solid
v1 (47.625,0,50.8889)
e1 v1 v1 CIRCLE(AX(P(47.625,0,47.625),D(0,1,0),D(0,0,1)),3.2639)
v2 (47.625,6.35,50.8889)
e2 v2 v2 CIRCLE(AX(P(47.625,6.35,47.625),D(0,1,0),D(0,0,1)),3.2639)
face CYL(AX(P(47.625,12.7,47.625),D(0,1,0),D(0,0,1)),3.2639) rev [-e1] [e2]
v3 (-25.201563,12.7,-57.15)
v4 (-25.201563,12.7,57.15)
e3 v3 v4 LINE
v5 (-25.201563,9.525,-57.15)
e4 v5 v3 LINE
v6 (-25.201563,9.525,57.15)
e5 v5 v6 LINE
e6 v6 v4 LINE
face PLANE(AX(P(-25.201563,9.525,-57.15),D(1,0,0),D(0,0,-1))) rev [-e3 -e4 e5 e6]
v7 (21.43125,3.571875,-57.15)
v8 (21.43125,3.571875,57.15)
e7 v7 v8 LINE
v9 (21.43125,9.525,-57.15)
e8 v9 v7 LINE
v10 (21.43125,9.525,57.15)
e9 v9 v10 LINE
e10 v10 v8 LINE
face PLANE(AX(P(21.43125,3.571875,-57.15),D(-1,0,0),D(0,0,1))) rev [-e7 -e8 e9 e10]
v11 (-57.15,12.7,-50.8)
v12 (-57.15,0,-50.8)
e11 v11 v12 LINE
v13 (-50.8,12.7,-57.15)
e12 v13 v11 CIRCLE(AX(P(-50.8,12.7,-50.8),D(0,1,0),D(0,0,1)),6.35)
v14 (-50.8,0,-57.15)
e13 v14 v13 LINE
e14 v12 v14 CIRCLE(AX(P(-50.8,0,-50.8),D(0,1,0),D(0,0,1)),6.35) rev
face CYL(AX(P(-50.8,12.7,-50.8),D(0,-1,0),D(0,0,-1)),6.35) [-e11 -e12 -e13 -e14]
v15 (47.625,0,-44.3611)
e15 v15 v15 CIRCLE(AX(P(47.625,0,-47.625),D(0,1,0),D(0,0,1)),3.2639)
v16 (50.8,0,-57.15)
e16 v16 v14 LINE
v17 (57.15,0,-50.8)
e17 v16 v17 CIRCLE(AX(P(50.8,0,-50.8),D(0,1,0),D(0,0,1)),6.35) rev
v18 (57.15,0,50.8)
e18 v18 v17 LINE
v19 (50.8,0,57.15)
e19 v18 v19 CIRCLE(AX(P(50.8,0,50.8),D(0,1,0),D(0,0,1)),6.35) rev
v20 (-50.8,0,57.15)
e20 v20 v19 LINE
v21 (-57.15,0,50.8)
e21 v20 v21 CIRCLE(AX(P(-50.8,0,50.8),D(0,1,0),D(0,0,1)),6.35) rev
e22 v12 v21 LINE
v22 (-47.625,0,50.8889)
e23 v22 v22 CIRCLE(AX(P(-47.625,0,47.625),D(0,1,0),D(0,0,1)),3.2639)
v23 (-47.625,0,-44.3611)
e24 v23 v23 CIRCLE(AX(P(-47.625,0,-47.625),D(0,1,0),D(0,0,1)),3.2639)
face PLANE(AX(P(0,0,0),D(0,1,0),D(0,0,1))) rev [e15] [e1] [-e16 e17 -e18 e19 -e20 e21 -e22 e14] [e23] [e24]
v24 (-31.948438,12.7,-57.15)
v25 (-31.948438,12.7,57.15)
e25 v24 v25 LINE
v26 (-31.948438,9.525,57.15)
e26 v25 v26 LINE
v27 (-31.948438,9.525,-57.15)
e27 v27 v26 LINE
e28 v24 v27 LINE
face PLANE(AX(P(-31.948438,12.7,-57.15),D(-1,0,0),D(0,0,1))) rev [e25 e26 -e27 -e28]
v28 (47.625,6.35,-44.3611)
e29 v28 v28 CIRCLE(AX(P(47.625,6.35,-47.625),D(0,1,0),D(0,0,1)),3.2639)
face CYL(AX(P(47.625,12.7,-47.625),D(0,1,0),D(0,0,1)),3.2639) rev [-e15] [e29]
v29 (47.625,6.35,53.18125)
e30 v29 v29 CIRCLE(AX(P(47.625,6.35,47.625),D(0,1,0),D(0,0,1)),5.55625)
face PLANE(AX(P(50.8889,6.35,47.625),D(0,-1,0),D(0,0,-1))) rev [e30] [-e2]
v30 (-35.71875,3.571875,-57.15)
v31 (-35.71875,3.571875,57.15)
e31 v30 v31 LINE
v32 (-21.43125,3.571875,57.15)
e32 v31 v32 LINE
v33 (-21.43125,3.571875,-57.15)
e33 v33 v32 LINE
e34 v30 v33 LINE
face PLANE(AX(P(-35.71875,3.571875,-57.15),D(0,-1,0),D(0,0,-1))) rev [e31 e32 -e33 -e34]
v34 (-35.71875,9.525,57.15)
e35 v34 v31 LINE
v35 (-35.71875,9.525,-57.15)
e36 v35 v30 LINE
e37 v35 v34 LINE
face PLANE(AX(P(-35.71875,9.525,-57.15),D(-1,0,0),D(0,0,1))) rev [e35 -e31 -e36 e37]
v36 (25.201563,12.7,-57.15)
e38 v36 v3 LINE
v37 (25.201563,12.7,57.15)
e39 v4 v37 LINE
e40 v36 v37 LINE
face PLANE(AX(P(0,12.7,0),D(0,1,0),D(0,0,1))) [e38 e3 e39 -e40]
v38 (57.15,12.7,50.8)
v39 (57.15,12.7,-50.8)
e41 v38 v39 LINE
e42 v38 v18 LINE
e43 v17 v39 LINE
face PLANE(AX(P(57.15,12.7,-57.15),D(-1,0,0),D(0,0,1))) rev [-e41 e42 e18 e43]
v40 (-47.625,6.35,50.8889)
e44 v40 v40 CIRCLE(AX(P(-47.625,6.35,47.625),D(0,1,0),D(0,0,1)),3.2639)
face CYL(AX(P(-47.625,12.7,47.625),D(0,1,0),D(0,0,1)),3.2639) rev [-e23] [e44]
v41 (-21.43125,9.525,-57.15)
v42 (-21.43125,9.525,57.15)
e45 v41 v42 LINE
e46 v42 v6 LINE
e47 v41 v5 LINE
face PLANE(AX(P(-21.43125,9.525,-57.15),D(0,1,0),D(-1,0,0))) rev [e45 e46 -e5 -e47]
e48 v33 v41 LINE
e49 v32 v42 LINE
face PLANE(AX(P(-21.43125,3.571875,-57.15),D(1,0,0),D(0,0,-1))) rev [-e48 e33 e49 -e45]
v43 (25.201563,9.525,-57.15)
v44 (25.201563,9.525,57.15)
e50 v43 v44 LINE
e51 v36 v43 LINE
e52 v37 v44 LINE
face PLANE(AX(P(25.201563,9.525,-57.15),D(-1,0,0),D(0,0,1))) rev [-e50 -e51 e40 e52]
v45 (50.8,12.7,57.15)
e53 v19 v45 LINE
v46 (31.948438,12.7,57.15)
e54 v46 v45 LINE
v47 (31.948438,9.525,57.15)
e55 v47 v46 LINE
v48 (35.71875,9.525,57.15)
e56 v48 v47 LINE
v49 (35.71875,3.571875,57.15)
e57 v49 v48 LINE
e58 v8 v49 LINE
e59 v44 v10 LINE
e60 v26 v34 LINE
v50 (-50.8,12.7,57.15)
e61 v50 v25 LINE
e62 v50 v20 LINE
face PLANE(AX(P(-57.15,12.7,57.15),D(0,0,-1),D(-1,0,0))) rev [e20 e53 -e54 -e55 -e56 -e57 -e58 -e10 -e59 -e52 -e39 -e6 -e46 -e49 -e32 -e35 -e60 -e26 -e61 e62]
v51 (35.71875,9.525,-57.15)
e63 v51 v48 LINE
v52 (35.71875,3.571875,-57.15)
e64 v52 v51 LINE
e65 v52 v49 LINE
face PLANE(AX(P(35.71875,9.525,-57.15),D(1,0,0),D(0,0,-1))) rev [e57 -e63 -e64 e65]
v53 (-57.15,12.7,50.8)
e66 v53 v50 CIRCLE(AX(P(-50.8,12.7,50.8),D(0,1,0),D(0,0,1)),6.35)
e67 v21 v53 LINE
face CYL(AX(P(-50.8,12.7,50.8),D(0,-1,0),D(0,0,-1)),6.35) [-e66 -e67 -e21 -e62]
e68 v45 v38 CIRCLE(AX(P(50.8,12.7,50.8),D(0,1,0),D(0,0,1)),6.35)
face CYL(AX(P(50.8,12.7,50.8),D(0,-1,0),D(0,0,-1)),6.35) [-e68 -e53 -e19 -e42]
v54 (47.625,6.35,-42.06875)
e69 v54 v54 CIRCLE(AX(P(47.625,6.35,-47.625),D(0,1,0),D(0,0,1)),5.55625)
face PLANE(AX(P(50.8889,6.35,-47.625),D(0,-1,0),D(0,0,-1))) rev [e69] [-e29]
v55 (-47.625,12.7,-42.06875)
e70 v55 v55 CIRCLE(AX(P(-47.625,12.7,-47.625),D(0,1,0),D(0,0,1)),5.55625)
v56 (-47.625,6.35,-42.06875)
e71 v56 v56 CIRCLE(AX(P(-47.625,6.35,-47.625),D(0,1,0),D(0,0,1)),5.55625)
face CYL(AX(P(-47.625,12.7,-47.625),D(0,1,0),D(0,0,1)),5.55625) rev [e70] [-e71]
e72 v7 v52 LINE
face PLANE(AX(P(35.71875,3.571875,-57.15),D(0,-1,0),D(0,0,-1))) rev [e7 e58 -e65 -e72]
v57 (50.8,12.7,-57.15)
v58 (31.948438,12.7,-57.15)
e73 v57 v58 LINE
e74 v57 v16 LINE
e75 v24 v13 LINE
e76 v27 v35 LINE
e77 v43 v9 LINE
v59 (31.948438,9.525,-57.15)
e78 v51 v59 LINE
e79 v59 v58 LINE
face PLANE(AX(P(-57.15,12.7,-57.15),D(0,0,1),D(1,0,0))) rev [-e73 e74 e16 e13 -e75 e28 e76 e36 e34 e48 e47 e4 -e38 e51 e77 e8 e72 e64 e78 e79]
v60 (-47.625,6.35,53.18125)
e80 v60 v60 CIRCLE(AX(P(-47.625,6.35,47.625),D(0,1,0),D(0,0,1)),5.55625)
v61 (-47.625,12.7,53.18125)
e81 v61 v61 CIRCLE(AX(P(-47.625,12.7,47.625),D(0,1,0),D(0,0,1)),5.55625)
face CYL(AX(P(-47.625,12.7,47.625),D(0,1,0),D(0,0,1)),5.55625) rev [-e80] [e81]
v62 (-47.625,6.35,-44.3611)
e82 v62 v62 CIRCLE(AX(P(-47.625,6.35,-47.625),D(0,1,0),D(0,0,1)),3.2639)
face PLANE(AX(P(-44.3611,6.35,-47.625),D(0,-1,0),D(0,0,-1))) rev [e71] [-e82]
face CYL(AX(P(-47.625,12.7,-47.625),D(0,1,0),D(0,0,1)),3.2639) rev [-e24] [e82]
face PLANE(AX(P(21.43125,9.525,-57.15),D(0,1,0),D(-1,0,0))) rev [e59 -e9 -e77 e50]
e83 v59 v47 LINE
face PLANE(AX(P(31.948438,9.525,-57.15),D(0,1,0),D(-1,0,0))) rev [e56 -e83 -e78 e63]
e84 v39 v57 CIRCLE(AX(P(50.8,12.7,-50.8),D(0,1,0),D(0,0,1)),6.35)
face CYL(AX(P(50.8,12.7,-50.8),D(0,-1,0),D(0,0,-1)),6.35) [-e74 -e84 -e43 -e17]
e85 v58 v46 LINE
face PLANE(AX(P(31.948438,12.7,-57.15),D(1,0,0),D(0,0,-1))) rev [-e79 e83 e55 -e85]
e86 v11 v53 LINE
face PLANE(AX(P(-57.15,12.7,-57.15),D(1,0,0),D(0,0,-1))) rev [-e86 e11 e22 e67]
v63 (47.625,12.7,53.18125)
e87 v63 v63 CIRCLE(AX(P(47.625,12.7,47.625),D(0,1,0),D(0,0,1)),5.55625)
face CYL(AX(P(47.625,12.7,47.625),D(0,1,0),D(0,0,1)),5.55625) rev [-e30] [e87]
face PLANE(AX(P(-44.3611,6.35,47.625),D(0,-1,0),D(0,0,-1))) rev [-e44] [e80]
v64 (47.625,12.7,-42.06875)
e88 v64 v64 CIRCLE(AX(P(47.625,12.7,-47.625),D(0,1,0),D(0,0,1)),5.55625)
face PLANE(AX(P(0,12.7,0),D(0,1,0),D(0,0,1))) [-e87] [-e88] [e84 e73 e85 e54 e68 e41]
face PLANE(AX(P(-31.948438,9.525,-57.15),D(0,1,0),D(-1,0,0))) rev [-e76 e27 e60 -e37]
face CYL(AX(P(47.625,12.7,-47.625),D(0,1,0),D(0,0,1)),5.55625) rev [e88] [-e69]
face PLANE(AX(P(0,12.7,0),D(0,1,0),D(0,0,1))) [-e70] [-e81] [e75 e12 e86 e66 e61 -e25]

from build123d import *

# Parameters (mm, degrees)
SKETCH1_W                                        = 114.3
SKETCH1_H                                        = 114.3
BOSS_EXTRUDE1_DEPTH                              = 12.7
CBORE_FOR_1_4_SOCKET_HEAD_CAP_SCREW1_D           = 6.5278
CBORE_FOR_1_4_SOCKET_HEAD_CAP_SCREW1_CBORE_D     = 11.1125
CBORE_FOR_1_4_SOCKET_HEAD_CAP_SCREW1_CBORE_DEPTH = 6.35
T_SLOT_CUT_WITH_MCMASTER_8789A16_BIT_DEPTH       = 129.420802443
FILLET1_R                                        = 6.35


with BuildPart() as part:
    # Sketch1 → Boss-Extrude1 (new body)
    with BuildSketch(Plane(origin=(0, 0, 0), x_dir=(1, 0, 0), z_dir=(0, 1, 0))):
        Rectangle(SKETCH1_W, SKETCH1_H)
    extrude(amount=BOSS_EXTRUDE1_DEPTH)

    # CBORE for 1/4 Socket Head Cap Screw1 (through all)
    with Locations(Plane(origin=(0, 12.7, 0), x_dir=(1, 0, 0), z_dir=(0, 1, 0))):
        with Locations((-47.625, 47.625), (47.625, 47.625), (47.625, -47.625), (-47.625, -47.625)):
            CounterBoreHole(CBORE_FOR_1_4_SOCKET_HEAD_CAP_SCREW1_D / 2, CBORE_FOR_1_4_SOCKET_HEAD_CAP_SCREW1_CBORE_D / 2, CBORE_FOR_1_4_SOCKET_HEAD_CAP_SCREW1_CBORE_DEPTH)

    # Sketch4 → T-SLOT CUT WITH MCMASTER 8789A16 BIT (cut, through all)
    with BuildSketch(Plane.XY.offset(57.15)):
        Polygon((-31.9484375, 12.7), (-31.9484375, 9.525), (-35.71875, 9.525), (-35.71875, 3.571875), (-21.43125, 3.571875), (-21.43125, 9.525), (-25.2015625, 9.525), (-25.2015625, 12.7), align=None)
        Polygon((25.2015625, 9.525), (25.2015625, 12.7), (31.9484375, 12.7), (31.9484375, 9.525), (35.71875, 9.525), (35.71875, 3.571875), (21.43125, 3.571875), (21.43125, 9.525), align=None)
    extrude(amount=-T_SLOT_CUT_WITH_MCMASTER_8789A16_BIT_DEPTH, mode=Mode.SUBTRACT)

    # Fillet1
    fillet1_edges = [part.edges().sort_by_distance(p)[0] for p in [
        (57.15, 6.35, 57.15),
        (-57.15, 6.35, 57.15),
        (-57.15, 6.35, -57.15),
        (57.15, 6.35, -57.15),
    ]]
    fillet(fillet1_edges, radius=FILLET1_R)


solid = part.part
